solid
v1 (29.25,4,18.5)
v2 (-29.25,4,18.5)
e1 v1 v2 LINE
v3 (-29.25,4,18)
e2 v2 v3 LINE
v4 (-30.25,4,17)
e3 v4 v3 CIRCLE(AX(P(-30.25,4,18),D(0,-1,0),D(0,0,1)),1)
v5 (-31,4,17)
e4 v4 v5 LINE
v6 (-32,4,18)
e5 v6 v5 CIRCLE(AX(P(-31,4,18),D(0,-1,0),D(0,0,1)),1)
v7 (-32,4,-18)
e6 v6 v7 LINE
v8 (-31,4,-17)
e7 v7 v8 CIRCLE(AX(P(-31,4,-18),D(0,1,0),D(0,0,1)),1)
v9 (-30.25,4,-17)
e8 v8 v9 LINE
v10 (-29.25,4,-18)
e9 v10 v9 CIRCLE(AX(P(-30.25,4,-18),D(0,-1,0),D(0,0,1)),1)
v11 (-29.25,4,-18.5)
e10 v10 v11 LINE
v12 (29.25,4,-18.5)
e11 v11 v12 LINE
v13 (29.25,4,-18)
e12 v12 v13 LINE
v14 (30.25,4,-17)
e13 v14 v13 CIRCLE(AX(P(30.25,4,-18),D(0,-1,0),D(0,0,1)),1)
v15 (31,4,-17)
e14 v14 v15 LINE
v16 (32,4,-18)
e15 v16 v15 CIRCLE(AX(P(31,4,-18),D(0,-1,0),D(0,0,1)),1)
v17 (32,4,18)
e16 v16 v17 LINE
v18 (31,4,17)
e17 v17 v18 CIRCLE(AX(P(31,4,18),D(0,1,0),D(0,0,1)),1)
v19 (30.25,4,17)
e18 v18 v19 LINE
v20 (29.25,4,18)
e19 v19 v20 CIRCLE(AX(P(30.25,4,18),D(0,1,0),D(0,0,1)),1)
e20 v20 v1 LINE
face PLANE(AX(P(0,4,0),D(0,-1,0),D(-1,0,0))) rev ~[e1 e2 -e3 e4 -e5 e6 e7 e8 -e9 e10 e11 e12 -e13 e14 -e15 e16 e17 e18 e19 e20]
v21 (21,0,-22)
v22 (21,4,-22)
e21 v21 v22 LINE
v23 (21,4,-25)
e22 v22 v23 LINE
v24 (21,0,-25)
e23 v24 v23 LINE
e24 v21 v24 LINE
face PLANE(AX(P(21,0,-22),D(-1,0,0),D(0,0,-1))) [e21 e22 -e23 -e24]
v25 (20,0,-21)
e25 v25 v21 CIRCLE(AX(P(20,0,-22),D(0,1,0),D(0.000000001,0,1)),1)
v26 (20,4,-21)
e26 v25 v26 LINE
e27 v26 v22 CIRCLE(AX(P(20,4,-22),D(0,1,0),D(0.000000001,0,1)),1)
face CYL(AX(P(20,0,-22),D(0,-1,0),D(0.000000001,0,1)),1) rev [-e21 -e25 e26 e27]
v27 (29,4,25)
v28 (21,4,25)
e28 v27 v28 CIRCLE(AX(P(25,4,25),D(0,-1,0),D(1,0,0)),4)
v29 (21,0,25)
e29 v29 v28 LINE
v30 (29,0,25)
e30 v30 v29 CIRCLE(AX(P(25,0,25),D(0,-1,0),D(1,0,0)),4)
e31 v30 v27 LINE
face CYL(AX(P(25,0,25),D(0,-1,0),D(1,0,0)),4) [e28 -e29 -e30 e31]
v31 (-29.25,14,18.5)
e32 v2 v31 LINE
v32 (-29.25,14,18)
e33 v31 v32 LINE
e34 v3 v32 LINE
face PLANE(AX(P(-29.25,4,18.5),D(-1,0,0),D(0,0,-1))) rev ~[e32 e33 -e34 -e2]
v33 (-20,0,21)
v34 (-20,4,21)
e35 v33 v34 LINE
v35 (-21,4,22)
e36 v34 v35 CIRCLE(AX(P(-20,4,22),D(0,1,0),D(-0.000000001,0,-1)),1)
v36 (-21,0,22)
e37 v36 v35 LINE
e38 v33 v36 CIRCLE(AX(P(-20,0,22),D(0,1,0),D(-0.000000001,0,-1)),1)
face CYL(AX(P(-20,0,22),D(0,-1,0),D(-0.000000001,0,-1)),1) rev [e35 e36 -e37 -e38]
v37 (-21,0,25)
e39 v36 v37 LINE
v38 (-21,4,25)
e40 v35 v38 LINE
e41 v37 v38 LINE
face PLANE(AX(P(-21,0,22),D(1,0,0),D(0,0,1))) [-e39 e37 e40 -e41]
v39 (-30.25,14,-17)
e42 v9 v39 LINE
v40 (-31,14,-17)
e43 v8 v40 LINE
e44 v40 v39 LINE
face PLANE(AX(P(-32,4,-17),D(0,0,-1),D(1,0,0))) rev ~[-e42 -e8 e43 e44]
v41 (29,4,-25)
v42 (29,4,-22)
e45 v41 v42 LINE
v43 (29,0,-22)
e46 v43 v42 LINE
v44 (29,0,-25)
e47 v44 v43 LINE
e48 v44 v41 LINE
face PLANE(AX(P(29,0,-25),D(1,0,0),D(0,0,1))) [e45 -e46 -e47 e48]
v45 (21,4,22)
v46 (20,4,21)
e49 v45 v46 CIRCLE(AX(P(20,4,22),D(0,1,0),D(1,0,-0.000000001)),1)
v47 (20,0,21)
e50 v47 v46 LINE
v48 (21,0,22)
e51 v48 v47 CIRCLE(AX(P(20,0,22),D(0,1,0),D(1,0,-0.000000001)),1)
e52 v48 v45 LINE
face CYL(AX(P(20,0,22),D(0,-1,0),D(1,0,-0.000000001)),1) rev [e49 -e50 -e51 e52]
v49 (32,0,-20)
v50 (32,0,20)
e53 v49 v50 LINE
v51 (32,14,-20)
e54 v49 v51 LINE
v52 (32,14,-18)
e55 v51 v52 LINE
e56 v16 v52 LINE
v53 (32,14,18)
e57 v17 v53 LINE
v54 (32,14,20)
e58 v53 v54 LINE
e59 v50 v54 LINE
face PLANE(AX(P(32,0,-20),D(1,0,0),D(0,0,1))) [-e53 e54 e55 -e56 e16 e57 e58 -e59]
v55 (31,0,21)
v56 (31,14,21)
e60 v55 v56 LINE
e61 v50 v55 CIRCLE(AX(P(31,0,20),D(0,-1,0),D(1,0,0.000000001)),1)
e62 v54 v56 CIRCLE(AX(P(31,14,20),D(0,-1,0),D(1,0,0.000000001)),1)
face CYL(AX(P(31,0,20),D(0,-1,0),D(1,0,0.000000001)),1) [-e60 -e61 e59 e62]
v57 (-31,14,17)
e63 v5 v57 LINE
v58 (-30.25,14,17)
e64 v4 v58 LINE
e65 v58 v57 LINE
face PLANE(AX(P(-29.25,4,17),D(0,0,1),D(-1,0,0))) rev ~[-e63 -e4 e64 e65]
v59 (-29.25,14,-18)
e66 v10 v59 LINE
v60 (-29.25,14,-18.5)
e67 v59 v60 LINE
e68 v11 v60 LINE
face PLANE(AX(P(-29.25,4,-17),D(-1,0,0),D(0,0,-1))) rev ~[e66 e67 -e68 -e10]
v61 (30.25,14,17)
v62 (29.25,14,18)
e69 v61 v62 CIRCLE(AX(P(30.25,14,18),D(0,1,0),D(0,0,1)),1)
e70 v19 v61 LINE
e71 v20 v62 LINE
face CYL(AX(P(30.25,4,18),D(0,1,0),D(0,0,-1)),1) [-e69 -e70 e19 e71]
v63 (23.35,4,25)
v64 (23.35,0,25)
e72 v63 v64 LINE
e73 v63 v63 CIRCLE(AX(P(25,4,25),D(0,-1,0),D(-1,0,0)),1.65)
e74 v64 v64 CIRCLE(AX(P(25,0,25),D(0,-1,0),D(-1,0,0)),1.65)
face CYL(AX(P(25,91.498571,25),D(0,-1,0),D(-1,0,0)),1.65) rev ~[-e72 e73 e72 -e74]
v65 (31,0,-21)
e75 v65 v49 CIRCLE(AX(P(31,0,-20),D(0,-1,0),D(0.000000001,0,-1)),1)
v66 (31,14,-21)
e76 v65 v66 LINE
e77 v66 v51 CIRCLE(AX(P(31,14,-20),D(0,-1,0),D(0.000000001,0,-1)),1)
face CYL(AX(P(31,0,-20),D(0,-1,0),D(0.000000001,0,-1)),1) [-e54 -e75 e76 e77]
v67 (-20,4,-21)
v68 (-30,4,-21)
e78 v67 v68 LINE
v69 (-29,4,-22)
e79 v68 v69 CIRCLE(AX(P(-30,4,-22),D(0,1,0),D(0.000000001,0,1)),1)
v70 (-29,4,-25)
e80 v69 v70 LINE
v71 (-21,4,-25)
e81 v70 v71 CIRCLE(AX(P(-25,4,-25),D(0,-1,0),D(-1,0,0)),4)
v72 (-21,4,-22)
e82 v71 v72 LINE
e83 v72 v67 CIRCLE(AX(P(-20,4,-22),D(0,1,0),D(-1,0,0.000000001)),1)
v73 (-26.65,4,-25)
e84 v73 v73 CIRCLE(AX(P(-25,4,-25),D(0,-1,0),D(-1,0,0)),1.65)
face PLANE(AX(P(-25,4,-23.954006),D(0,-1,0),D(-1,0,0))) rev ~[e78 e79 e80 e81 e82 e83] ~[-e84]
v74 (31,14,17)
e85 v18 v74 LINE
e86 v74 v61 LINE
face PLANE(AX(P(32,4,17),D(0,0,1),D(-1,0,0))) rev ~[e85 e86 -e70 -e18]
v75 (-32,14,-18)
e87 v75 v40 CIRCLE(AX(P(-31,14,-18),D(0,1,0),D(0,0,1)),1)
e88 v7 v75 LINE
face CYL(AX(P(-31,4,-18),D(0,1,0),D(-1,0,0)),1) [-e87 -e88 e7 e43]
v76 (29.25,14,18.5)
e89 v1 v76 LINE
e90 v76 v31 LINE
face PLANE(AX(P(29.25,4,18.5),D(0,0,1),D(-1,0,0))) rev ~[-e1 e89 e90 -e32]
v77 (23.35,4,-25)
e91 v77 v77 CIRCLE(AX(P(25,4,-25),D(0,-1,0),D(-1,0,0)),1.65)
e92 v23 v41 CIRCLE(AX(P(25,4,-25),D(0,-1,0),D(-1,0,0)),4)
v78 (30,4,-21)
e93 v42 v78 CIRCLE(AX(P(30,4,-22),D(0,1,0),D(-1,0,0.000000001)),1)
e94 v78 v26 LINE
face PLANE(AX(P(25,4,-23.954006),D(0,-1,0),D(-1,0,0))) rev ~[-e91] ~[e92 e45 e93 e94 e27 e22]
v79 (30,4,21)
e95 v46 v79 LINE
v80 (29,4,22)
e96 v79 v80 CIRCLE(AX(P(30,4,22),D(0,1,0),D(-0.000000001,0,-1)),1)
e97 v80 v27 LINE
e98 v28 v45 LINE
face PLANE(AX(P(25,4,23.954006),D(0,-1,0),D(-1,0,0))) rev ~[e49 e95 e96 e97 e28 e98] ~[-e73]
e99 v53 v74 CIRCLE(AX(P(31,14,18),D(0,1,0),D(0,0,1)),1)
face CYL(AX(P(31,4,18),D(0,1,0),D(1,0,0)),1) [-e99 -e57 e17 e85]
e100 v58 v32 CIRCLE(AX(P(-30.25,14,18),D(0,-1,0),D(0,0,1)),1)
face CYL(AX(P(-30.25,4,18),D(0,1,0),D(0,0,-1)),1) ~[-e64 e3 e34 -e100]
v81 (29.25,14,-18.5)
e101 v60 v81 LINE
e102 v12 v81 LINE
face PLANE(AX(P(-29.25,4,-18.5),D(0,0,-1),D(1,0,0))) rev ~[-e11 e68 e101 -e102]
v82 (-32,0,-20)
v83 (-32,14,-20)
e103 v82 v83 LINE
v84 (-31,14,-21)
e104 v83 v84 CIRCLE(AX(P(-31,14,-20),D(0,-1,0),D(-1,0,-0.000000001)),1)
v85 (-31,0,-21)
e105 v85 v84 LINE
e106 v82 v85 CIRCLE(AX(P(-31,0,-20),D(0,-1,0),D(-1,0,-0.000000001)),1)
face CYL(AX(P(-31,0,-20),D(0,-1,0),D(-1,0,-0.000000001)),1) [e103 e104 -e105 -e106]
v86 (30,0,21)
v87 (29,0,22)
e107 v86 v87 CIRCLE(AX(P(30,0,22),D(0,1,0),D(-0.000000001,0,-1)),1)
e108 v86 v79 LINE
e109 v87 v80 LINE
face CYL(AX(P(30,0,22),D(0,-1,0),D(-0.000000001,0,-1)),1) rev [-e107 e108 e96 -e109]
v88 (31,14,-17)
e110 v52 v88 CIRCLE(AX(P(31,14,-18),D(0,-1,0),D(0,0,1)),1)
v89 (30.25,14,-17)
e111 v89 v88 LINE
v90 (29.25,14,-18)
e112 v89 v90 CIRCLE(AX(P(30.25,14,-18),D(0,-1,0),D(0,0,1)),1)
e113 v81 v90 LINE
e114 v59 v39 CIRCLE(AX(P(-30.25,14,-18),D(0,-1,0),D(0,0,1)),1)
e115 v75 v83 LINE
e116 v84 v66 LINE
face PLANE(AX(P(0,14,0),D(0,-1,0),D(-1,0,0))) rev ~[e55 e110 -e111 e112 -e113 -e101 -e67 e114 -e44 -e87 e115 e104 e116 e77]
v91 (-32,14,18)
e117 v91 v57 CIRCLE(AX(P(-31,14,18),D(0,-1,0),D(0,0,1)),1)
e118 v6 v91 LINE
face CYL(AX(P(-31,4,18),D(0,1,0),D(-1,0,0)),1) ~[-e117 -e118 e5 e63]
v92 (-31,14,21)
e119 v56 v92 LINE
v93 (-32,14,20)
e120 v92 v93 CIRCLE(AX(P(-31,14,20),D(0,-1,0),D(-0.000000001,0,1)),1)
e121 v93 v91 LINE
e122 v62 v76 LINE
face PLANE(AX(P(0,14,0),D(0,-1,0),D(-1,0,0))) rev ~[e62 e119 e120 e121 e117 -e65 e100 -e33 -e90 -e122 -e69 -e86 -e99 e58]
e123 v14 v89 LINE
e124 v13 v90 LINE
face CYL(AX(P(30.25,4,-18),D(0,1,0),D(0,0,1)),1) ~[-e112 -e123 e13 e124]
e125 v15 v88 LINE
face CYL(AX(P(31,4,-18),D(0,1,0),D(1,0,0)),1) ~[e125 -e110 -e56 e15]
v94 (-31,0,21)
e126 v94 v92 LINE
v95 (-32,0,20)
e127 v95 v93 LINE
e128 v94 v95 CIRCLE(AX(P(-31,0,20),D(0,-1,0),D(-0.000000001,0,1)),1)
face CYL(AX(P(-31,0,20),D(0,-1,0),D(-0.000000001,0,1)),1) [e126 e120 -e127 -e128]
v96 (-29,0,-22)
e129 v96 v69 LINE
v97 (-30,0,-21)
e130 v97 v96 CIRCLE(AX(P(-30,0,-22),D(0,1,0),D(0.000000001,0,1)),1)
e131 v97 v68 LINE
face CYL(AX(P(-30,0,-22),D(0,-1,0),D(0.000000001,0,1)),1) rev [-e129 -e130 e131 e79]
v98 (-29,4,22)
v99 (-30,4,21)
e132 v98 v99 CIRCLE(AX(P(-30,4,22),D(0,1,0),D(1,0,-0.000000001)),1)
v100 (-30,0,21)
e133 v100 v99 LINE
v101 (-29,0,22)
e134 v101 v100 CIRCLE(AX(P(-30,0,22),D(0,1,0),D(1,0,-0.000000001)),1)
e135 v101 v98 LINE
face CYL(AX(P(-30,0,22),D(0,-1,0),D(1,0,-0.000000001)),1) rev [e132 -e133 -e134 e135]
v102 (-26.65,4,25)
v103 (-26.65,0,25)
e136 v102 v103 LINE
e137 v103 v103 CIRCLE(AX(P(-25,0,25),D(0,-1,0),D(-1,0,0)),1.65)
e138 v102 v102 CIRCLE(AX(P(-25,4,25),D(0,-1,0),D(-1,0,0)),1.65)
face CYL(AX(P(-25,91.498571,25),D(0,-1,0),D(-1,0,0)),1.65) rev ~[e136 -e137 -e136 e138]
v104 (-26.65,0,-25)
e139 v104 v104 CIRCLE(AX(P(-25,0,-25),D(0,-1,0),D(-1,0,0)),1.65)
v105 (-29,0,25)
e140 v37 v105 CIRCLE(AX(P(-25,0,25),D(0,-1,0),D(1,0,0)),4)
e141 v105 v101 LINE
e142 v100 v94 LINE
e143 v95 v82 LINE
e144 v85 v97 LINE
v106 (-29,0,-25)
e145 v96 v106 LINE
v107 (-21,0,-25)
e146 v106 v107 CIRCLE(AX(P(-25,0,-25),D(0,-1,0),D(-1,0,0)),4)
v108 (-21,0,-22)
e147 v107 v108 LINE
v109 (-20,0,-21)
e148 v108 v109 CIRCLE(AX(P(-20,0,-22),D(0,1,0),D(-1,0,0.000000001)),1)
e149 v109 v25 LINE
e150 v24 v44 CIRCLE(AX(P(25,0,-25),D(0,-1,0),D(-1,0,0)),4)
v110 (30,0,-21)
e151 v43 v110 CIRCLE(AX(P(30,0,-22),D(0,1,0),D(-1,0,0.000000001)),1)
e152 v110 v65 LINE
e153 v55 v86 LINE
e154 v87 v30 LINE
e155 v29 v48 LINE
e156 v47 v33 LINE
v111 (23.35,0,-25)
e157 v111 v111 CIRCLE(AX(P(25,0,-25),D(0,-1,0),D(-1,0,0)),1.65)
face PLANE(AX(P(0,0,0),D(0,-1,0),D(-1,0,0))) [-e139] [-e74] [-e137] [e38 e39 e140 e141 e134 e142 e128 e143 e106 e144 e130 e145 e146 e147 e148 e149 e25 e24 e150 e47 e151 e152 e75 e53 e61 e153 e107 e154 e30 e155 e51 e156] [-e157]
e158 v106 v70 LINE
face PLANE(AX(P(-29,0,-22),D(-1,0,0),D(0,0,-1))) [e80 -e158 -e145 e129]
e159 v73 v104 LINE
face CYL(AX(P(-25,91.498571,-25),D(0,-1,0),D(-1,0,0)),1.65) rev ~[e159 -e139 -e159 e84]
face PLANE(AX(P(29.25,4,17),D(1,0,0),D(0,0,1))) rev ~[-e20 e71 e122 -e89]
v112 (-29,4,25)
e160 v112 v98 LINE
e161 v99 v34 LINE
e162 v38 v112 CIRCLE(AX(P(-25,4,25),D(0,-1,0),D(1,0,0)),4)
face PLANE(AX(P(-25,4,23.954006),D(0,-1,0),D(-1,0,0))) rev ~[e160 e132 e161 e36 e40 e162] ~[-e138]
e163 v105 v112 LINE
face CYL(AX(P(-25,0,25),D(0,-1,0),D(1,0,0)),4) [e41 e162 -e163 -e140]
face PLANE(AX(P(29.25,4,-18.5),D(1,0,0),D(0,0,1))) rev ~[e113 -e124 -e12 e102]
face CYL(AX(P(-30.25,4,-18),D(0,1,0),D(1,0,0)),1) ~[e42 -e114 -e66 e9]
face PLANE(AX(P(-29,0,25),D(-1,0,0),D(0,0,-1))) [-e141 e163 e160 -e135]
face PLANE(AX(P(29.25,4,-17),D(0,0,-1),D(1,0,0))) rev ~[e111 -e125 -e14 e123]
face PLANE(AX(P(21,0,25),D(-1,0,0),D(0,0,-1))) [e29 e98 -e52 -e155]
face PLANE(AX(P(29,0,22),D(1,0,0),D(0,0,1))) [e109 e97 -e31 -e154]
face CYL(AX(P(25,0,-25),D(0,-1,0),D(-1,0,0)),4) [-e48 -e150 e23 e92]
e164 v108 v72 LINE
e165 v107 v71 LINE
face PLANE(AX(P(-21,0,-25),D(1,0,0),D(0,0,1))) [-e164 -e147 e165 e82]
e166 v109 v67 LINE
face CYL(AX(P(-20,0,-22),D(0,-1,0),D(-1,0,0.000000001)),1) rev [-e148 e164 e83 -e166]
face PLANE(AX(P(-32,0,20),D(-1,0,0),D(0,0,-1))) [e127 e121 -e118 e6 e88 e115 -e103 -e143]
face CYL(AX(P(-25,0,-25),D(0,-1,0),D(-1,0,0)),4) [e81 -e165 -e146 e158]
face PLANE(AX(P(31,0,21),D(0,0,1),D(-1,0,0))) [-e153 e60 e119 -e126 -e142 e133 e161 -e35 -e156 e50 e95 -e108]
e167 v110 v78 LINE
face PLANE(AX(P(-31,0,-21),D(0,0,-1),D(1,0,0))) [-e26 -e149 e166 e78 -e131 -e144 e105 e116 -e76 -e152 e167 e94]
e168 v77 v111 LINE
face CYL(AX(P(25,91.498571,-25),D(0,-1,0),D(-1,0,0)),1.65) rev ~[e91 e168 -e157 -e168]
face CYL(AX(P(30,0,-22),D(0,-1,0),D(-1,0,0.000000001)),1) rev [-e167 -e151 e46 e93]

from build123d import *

# Parameters (mm, degrees)
BOSS_EXTRUDE1_DEPTH   = 14
CUT_EXTRUDE1_START    = -10
CUT_EXTRUDE1_DEPTH    = 10
M4X0_7_TAPPED_HOLE1_D = 3.3
FILLET2_R             = 1


with BuildPart() as part:
    # Sketch1 → Boss-Extrude1 (new body)
    with BuildSketch(Plane(origin=(0, 0, 0), x_dir=(1, 0, 0), z_dir=(0, 1, 0))):
        with BuildLine():
            Line((-31, 21), (-30, 21))
            ThreePointArc((-30, 21), (-29.292893219, 21.292893219), (-29, 22))
            Line((-29, 22), (-29, 25))
            ThreePointArc((-29, 25), (-25, 29), (-21, 25))
            Line((-21, 25), (-21, 22))
            ThreePointArc((-21, 22), (-20.707106781, 21.292893219), (-20, 21))
            Line((-20, 21), (20, 21))
            ThreePointArc((20, 21), (20.707106781, 21.292893219), (21, 22))
            Line((21, 22), (21, 25))
            ThreePointArc((21, 25), (25, 29), (29, 25))
            Line((29, 25), (29, 22))
            ThreePointArc((29, 22), (29.292893219, 21.292893219), (30, 21))
            Line((30, 21), (31, 21))
            ThreePointArc((31, 21), (31.707106781, 20.707106781), (32, 20))
            Line((32, 20), (32, -20))
            ThreePointArc((32, -20), (31.707106781, -20.707106781), (31, -21))
            Line((31, -21), (30, -21))
            ThreePointArc((30, -21), (29.292893219, -21.292893219), (29, -22))
            Line((29, -22), (29, -25))
            ThreePointArc((29, -25), (25, -29), (21, -25))
            Line((21, -25), (21, -22))
            ThreePointArc((21, -22), (20.707106781, -21.292893219), (20, -21))
            Line((20, -21), (-20, -21))
            ThreePointArc((-20, -21), (-20.707106781, -21.292893219), (-21, -22))
            Line((-21, -22), (-21, -25))
            ThreePointArc((-21, -25), (-25, -29), (-29, -25))
            Line((-29, -25), (-29, -22))
            ThreePointArc((-29, -22), (-29.292893219, -21.292893219), (-30, -21))
            Line((-30, -21), (-31, -21))
            ThreePointArc((-31, -21), (-31.707106781, -20.707106781), (-32, -20))
            Line((-32, -20), (-32, 20))
            ThreePointArc((-32, 20), (-31.707106781, 20.707106781), (-31, 21))
        make_face()
    extrude(amount=BOSS_EXTRUDE1_DEPTH)

    # Sketch2 → Cut-Extrude1 (cut)
    with BuildSketch(Plane(origin=(0, 14, 0), x_dir=(1, 0, 0), z_dir=(0, 1, 0)).offset(CUT_EXTRUDE1_START)):
        with BuildLine():
            Line((-30, -21), (-20, -21))
            ThreePointArc((-20, -21), (-20.707106781, -21.292893219), (-21, -22))
            Line((-21, -22), (-21, -25))
            ThreePointArc((-21, -25), (-25, -29), (-29, -25))
            Line((-29, -25), (-29, -22))
            ThreePointArc((-29, -22), (-29.292893219, -21.292893219), (-30, -21))
        make_face()
        Polygon((-29.25, 18.5), (29.25, 18.5), (29.25, 17), (32, 17), (32, -17), (29.25, -17), (29.25, -18.5), (-29.25, -18.5), (-29.25, -17), (-32, -17), (-32, 17), (-29.25, 17), align=None)
        with BuildLine():
            Line((21, -25), (21, -22))
            ThreePointArc((21, -22), (20.707106781, -21.292893219), (20, -21))
            Line((20, -21), (30, -21))
            ThreePointArc((30, -21), (29.292893219, -21.292893219), (29, -22))
            Line((29, -22), (29, -25))
            ThreePointArc((29, -25), (25, -29), (21, -25))
        make_face()
        with BuildLine():
            Line((30, 21), (20, 21))
            ThreePointArc((20, 21), (20.707106781, 21.292893219), (21, 22))
            Line((21, 22), (21, 25))
            ThreePointArc((21, 25), (25, 29), (29, 25))
            Line((29, 25), (29, 22))
            ThreePointArc((29, 22), (29.292893219, 21.292893219), (30, 21))
        make_face()
        with BuildLine():
            Line((-21, 25), (-21, 22))
            ThreePointArc((-21, 22), (-20.707106781, 21.292893219), (-20, 21))
            Line((-20, 21), (-30, 21))
            ThreePointArc((-30, 21), (-29.292893219, 21.292893219), (-29, 22))
            Line((-29, 22), (-29, 25))
            ThreePointArc((-29, 25), (-25, 29), (-21, 25))
        make_face()
    extrude(amount=CUT_EXTRUDE1_DEPTH, mode=Mode.SUBTRACT)

    # M4x0.7 Tapped Hole1 (through all)
    with Locations(Plane(origin=(0, 4, 0), x_dir=(1, 0, 0), z_dir=(0, 1, 0))):
        with Locations((-25, 25), (25, 25), (25, -25), (-25, -25)):
            Hole(M4X0_7_TAPPED_HOLE1_D / 2)

    # Fillet2
    fillet2_edges = [part.edges().sort_by_distance(p)[0] for p in [
        (-29.25, 9, -17),
        (29.25, 9, -17),
        (32, 9, -17),
        (32, 9, 17),
        (29.25, 9, 17),
        (-29.25, 9, 17),
        (-32, 9, 17),
        (-32, 9, -17),
    ]]
    fillet(fillet2_edges, radius=FILLET2_R)


solid = part.part
